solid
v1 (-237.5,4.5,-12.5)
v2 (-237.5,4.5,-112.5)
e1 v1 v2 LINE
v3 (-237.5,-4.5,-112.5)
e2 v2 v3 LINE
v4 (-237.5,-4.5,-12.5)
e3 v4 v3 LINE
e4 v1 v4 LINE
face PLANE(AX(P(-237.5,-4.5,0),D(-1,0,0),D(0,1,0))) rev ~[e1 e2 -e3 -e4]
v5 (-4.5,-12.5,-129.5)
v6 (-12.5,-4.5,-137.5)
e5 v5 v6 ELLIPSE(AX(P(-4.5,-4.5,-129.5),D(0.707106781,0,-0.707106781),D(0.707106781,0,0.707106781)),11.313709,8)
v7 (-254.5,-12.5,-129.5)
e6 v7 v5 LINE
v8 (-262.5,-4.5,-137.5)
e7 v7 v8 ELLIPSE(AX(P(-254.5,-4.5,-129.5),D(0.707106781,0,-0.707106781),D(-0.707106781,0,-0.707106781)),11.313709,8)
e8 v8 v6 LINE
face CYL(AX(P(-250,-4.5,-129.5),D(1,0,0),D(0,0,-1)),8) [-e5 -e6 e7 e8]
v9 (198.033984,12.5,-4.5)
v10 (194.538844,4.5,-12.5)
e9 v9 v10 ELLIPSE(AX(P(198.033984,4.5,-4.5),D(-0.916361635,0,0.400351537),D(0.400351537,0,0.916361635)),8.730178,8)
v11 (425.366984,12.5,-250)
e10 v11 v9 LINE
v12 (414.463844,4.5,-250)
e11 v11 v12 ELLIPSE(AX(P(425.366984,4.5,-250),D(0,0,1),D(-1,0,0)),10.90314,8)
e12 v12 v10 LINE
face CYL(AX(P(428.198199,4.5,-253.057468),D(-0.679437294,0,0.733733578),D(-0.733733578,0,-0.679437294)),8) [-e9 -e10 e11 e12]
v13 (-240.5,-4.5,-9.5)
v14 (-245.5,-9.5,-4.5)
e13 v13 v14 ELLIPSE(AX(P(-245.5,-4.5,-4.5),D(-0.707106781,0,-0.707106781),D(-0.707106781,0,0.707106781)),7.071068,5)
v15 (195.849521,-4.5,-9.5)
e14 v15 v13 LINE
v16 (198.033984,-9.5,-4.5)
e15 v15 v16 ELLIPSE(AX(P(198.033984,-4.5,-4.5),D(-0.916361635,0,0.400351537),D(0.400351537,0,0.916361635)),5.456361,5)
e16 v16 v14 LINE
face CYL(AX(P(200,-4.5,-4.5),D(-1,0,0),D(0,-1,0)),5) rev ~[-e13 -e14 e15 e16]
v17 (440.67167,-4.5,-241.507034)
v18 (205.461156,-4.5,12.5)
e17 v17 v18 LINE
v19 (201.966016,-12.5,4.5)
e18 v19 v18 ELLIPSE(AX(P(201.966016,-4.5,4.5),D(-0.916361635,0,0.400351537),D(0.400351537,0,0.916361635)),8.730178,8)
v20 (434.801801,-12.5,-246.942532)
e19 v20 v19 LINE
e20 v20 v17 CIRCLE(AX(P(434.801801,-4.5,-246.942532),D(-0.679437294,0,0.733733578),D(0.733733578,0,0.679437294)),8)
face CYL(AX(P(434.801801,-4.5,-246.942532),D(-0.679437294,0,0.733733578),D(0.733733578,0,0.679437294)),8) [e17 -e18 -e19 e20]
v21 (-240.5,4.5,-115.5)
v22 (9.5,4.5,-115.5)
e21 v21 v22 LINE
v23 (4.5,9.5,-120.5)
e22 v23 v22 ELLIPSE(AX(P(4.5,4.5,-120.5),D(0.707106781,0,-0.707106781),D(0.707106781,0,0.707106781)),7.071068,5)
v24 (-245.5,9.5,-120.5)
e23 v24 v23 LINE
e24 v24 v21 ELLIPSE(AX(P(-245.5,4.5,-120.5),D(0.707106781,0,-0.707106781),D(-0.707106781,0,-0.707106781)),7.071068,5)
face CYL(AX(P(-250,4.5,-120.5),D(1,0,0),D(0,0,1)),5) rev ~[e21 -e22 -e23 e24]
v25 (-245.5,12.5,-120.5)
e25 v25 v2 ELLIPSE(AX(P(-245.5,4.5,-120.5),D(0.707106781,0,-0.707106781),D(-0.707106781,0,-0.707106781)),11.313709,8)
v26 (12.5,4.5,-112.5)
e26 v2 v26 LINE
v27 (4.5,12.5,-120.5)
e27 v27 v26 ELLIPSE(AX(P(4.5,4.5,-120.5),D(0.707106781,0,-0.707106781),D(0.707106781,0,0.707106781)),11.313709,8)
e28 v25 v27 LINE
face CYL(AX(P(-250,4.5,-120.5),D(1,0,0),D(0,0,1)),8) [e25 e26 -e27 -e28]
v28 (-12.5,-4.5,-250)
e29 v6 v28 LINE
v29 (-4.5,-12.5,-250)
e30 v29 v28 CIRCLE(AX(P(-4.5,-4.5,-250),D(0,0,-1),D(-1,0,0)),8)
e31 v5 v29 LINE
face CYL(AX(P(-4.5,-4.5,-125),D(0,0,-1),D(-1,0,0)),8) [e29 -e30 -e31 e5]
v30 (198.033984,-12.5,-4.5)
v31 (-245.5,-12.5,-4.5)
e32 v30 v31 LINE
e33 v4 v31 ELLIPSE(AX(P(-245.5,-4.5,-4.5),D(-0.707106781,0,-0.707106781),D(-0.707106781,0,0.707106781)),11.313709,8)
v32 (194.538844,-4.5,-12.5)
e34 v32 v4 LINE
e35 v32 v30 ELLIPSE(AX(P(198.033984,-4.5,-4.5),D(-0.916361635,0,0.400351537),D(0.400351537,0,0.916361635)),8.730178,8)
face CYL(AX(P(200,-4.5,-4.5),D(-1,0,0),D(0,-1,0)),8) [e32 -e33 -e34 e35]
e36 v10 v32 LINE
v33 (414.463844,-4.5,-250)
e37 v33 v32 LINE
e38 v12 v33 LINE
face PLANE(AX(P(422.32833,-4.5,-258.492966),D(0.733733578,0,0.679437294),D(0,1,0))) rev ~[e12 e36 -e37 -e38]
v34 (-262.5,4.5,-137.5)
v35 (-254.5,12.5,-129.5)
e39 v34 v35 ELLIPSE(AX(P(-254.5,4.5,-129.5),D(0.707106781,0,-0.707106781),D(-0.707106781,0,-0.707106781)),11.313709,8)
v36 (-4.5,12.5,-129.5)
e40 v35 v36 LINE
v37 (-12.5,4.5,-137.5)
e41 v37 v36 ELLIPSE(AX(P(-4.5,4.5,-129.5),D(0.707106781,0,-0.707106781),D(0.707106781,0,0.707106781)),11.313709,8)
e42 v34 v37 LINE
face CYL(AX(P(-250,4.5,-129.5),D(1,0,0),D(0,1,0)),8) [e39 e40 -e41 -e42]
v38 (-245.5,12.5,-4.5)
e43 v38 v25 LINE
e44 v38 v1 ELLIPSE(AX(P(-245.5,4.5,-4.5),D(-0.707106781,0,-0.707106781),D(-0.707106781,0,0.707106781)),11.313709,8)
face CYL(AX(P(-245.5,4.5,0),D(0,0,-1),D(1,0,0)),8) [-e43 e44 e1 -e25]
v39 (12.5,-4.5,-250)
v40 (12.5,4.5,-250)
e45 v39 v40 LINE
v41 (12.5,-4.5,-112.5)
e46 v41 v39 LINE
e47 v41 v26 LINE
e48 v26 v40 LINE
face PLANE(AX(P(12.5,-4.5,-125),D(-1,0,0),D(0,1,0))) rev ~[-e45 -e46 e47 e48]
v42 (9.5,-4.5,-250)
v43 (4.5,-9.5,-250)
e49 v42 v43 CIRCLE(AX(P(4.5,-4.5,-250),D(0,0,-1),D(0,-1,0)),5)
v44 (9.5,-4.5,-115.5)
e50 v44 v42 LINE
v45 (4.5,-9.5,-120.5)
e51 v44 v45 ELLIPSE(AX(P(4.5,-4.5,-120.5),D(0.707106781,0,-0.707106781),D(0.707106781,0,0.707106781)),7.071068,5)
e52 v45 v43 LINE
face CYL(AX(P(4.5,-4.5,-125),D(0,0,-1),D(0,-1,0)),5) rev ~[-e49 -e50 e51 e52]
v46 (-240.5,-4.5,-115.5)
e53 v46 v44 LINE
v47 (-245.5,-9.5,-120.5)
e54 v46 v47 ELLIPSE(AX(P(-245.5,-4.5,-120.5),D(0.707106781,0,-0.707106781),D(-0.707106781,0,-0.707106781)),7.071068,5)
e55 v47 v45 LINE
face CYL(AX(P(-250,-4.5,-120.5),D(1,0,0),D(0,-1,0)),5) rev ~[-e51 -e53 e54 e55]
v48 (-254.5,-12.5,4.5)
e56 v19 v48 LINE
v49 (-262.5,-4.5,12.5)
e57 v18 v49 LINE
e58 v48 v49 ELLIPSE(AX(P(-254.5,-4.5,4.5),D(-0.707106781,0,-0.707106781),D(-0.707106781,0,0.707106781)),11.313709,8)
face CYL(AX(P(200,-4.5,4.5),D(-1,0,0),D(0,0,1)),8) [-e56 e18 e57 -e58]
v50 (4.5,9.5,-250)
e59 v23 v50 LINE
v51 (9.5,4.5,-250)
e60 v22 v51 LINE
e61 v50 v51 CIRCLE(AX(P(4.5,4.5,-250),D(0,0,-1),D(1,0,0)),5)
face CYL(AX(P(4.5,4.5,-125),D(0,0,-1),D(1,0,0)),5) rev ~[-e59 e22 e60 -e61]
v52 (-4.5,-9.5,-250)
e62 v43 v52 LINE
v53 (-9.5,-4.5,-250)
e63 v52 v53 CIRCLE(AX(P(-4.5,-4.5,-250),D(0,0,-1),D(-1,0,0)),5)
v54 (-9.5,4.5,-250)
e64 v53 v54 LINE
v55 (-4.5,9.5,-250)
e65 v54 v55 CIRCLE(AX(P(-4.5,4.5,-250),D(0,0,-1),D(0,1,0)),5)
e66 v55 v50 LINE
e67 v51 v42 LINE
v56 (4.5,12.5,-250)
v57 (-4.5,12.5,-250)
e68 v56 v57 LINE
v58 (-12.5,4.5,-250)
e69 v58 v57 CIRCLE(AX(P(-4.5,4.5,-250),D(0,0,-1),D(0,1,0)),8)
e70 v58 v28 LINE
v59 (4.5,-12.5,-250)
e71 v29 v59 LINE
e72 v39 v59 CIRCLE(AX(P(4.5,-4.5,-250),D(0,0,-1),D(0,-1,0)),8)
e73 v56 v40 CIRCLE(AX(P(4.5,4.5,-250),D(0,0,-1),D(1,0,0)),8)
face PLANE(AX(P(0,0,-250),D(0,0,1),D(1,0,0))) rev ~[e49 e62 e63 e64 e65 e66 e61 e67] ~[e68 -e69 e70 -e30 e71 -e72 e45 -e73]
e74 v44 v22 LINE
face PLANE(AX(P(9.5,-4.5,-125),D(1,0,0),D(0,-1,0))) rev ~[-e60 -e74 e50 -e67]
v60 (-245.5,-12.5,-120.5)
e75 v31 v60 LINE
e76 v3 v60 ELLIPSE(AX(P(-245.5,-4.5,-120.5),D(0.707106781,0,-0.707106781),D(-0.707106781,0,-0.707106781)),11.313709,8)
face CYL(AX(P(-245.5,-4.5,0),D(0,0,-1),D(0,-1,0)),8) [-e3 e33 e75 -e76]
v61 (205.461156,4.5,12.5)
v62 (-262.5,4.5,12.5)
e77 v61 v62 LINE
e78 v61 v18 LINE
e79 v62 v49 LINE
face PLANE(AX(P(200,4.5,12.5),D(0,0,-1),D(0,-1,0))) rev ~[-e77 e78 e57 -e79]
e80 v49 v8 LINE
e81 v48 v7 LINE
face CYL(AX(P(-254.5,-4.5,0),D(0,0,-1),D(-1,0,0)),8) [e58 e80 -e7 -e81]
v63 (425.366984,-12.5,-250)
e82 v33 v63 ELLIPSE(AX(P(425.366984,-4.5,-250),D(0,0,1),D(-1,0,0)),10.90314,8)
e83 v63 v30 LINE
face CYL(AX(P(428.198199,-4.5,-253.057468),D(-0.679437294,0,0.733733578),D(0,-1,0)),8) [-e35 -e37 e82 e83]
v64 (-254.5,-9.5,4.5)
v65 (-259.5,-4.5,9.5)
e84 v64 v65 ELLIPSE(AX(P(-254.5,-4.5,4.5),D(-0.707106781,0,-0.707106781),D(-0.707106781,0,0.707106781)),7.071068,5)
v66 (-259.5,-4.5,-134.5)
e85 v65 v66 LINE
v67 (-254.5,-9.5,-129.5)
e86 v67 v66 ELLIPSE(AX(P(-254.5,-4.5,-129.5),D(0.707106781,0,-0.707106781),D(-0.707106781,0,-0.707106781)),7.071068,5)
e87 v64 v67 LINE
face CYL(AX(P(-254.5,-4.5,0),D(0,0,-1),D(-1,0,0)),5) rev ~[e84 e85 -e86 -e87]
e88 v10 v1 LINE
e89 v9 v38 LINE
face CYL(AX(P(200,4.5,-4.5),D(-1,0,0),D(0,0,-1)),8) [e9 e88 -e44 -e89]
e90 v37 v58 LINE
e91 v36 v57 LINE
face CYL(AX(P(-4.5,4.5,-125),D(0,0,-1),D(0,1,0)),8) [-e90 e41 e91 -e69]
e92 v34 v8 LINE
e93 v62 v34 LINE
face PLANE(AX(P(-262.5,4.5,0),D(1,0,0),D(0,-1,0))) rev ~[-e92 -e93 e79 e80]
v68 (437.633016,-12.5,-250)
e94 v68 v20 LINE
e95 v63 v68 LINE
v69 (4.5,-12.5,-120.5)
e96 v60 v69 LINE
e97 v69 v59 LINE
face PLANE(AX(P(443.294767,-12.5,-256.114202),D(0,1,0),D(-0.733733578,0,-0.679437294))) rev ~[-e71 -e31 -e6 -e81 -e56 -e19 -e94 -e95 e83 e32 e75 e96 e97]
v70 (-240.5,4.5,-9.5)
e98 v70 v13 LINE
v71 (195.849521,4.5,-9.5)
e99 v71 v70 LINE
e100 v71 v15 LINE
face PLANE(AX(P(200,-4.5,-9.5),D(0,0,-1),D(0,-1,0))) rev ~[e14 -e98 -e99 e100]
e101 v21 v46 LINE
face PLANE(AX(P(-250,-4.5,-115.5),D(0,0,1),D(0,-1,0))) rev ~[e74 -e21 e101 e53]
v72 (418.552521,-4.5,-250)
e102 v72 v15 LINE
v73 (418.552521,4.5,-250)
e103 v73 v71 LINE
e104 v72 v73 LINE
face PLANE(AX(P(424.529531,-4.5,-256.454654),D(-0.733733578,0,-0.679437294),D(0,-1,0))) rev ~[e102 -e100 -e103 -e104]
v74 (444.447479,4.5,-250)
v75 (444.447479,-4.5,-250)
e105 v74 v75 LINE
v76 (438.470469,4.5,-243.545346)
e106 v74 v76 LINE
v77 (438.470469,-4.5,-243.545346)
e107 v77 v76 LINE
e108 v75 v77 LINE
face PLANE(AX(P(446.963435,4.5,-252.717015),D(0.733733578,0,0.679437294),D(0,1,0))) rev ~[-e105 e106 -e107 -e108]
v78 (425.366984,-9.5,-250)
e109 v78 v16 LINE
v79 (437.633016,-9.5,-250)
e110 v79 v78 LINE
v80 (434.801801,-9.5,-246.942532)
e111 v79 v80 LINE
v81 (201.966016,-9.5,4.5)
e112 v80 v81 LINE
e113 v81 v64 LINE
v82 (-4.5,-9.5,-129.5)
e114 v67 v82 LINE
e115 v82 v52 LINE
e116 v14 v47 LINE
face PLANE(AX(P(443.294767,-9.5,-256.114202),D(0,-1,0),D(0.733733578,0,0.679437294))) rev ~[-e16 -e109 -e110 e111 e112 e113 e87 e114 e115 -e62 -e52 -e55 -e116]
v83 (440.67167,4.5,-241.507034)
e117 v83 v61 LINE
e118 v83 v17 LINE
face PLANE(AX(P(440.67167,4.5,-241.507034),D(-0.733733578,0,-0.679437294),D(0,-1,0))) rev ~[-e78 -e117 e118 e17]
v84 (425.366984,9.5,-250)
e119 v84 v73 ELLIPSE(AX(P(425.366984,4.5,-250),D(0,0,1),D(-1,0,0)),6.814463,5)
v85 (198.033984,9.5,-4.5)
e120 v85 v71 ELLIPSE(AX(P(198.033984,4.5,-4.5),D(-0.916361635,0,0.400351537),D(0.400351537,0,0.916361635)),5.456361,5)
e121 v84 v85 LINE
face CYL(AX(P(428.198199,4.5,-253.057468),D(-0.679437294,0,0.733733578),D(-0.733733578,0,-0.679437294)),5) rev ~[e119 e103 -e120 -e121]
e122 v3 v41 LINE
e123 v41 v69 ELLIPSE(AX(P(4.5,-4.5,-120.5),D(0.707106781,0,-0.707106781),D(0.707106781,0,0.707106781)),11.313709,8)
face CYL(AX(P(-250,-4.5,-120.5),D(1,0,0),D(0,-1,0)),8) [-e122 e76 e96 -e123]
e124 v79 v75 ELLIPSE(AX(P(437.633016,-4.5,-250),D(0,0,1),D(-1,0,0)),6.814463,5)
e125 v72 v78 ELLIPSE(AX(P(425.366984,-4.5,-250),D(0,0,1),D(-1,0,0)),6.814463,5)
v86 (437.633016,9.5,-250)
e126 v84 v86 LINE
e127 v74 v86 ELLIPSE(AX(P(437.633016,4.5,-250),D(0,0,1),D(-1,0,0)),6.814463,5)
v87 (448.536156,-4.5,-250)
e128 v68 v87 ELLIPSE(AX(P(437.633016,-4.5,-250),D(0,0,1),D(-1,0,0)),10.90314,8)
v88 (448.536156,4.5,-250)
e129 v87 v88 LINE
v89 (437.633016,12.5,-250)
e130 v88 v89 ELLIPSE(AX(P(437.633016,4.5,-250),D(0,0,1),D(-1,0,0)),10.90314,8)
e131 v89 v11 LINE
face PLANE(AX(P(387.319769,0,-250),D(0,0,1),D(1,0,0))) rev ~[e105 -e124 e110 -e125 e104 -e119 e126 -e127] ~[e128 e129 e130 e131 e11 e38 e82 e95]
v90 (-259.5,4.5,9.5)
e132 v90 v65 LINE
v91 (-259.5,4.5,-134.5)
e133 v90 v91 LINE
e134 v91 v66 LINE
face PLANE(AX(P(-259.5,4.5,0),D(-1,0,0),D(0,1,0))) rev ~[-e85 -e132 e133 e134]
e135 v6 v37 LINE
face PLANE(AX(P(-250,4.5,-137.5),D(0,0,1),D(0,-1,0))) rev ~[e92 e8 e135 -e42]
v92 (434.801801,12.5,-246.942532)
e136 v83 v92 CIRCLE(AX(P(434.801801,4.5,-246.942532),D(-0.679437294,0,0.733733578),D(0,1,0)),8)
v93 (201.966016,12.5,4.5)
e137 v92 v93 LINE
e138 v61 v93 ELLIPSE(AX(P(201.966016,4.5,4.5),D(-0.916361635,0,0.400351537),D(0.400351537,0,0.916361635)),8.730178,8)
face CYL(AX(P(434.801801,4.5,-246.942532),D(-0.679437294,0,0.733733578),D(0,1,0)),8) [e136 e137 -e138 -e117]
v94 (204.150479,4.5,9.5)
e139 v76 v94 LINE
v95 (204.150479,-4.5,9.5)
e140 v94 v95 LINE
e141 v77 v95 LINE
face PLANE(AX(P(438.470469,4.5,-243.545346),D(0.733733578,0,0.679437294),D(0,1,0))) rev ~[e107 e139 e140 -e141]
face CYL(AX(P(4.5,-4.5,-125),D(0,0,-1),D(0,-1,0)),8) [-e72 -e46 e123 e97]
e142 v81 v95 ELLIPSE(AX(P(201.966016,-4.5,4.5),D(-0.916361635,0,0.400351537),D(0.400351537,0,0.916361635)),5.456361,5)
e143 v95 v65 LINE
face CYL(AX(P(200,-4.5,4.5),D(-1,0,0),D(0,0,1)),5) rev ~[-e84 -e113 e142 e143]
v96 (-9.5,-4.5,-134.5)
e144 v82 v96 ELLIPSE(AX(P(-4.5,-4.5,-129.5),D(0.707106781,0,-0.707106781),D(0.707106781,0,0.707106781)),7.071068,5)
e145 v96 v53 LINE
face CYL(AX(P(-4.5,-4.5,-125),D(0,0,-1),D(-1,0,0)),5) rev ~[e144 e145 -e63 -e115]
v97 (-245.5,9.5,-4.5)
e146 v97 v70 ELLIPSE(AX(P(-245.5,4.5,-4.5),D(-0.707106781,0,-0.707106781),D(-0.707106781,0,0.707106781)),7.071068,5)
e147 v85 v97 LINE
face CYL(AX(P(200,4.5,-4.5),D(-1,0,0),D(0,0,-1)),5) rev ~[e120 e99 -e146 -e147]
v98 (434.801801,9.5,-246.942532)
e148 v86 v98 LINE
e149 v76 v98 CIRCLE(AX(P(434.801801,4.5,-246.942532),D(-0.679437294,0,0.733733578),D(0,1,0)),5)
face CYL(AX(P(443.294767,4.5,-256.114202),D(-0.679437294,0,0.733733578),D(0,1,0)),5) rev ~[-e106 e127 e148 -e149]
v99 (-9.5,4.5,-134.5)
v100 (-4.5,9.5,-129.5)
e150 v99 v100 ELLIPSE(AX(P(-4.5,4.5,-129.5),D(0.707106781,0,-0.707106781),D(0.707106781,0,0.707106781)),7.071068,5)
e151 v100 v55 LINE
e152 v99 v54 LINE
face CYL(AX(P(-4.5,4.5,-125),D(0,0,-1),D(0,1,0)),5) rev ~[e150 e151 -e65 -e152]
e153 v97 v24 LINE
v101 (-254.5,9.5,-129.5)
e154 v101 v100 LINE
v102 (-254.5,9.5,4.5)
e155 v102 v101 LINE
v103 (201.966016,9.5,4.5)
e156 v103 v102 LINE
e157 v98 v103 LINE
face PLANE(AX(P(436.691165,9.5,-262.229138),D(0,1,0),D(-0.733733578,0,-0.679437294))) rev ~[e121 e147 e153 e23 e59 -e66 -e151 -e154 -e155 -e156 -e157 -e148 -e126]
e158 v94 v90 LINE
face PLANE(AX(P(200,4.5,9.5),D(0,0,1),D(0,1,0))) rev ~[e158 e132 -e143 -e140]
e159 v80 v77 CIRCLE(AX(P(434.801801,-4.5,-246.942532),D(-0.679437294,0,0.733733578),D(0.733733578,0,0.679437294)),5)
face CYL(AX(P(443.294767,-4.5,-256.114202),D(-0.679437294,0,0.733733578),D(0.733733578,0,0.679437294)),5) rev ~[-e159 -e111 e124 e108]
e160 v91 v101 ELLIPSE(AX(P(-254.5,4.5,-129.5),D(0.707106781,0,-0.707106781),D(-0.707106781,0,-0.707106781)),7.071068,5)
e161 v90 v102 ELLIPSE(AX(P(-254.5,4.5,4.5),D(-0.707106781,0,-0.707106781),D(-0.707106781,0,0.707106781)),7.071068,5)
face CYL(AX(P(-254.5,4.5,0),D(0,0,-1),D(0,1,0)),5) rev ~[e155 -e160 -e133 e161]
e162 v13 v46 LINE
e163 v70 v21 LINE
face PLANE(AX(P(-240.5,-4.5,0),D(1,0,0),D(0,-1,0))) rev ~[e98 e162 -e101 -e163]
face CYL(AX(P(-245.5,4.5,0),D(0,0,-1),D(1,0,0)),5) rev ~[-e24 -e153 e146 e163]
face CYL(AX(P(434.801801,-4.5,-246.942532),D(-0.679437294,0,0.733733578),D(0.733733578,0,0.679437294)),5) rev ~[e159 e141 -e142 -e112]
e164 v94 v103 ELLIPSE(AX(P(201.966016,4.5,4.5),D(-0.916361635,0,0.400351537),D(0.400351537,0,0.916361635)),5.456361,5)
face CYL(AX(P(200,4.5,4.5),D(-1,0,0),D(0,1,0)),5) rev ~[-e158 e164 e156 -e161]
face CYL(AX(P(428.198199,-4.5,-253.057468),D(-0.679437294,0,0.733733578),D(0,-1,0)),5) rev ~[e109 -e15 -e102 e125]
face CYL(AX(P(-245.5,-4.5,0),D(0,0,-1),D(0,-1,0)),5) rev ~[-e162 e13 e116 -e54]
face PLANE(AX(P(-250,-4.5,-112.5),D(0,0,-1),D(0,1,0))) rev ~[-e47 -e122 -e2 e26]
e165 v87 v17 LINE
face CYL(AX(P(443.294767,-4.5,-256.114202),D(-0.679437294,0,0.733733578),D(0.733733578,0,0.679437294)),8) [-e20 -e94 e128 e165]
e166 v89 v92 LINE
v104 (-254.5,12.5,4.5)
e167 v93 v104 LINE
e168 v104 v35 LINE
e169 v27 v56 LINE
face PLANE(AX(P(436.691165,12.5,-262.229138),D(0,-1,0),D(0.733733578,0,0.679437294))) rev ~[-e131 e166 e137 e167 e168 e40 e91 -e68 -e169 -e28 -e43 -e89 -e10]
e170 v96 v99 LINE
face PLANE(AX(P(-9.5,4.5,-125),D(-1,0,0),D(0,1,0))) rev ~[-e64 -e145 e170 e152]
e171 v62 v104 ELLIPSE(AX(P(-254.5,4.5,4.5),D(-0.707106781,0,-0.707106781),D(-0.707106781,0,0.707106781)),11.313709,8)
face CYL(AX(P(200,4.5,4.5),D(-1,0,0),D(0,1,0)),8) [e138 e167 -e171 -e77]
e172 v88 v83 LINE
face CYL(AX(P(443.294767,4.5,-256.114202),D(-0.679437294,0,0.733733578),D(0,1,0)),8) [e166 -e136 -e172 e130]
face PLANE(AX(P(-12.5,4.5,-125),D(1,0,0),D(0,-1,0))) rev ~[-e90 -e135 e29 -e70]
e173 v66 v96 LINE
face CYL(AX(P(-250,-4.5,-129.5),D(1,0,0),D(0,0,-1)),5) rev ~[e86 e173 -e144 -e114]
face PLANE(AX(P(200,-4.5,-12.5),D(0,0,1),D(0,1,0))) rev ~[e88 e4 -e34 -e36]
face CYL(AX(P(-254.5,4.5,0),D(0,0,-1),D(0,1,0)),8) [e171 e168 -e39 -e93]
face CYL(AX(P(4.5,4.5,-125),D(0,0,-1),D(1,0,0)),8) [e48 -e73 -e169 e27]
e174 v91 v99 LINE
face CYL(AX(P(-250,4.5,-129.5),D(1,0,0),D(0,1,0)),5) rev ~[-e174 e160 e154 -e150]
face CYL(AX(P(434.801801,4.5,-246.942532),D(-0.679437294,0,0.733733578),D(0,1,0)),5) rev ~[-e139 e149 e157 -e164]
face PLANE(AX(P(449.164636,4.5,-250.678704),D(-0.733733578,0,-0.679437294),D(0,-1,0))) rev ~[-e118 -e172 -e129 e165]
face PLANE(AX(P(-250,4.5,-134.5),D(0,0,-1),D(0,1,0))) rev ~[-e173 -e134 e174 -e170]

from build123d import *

# Parameters (mm, degrees)
SKETCH11_W         = 135.340286593
SKETCH11_H         = 57.113739626
CUT_EXTRUDE1_DEPTH = 18.6646359


with BuildPart() as part:
    # Sweep-Thin1: sweep along a path in Sketch2
    with BuildLine(Plane(origin=(0, 0, 0), x_dir=(1, 0, 0), z_dir=(0, 1, 0))) as sweep_thin1_path:
        Line((439.99296617, 259.17166973), (431.5, 250))
        Line((431.5, 250), (200, 0))
        Line((200, 0), (0, 0))
        Line((0, 0), (-250, 0))
        Line((-250, 0), (-250, 125))
        Line((-250, 125), (0, 125))
        Line((0, 125), (0, 250))
    # Sketch6 → Sweep-Thin1 (sweep)
    with BuildSketch(Plane.XY.offset(-250)):
        with BuildLine():
            Line((4.5, 12.5), (-4.5, 12.5))
            ThreePointArc((-4.5, 12.5), (-10.156854249, 10.156854249), (-12.5, 4.5))
            Line((-12.5, 4.5), (-12.5, -4.5))
            ThreePointArc((-12.5, -4.5), (-10.156854249, -10.156854249), (-4.5, -12.5))
            Line((-4.5, -12.5), (4.5, -12.5))
            ThreePointArc((4.5, -12.5), (10.156854249, -10.156854249), (12.5, -4.5))
            Line((12.5, -4.5), (12.5, 4.5))
            ThreePointArc((12.5, 4.5), (10.156854249, 10.156854249), (4.5, 12.5))
        make_face()
        with BuildLine():
            Line((4.5, 9.5), (-4.5, 9.5))
            ThreePointArc((-4.5, 9.5), (-8.035533906, 8.035533906), (-9.5, 4.5))
            Line((-9.5, 4.5), (-9.5, -4.5))
            ThreePointArc((-9.5, -4.5), (-8.035533906, -8.035533906), (-4.5, -9.5))
            Line((-4.5, -9.5), (4.5, -9.5))
            ThreePointArc((4.5, -9.5), (8.035533906, -8.035533906), (9.5, -4.5))
            Line((9.5, -4.5), (9.5, 4.5))
            ThreePointArc((9.5, 4.5), (8.035533906, 8.035533906), (4.5, 9.5))
        make_face(mode=Mode.SUBTRACT)
    sweep(path=sweep_thin1_path.line, transition=Transition.RIGHT)

    # Sketch11 → Cut-Extrude1 (cut, through all)
    with BuildSketch(Plane.XY.offset(-250)):
        with Locations((387.319769347, 0)):
            Rectangle(SKETCH11_W, SKETCH11_H)
    extrude(amount=-CUT_EXTRUDE1_DEPTH, mode=Mode.SUBTRACT)


solid = part.part
